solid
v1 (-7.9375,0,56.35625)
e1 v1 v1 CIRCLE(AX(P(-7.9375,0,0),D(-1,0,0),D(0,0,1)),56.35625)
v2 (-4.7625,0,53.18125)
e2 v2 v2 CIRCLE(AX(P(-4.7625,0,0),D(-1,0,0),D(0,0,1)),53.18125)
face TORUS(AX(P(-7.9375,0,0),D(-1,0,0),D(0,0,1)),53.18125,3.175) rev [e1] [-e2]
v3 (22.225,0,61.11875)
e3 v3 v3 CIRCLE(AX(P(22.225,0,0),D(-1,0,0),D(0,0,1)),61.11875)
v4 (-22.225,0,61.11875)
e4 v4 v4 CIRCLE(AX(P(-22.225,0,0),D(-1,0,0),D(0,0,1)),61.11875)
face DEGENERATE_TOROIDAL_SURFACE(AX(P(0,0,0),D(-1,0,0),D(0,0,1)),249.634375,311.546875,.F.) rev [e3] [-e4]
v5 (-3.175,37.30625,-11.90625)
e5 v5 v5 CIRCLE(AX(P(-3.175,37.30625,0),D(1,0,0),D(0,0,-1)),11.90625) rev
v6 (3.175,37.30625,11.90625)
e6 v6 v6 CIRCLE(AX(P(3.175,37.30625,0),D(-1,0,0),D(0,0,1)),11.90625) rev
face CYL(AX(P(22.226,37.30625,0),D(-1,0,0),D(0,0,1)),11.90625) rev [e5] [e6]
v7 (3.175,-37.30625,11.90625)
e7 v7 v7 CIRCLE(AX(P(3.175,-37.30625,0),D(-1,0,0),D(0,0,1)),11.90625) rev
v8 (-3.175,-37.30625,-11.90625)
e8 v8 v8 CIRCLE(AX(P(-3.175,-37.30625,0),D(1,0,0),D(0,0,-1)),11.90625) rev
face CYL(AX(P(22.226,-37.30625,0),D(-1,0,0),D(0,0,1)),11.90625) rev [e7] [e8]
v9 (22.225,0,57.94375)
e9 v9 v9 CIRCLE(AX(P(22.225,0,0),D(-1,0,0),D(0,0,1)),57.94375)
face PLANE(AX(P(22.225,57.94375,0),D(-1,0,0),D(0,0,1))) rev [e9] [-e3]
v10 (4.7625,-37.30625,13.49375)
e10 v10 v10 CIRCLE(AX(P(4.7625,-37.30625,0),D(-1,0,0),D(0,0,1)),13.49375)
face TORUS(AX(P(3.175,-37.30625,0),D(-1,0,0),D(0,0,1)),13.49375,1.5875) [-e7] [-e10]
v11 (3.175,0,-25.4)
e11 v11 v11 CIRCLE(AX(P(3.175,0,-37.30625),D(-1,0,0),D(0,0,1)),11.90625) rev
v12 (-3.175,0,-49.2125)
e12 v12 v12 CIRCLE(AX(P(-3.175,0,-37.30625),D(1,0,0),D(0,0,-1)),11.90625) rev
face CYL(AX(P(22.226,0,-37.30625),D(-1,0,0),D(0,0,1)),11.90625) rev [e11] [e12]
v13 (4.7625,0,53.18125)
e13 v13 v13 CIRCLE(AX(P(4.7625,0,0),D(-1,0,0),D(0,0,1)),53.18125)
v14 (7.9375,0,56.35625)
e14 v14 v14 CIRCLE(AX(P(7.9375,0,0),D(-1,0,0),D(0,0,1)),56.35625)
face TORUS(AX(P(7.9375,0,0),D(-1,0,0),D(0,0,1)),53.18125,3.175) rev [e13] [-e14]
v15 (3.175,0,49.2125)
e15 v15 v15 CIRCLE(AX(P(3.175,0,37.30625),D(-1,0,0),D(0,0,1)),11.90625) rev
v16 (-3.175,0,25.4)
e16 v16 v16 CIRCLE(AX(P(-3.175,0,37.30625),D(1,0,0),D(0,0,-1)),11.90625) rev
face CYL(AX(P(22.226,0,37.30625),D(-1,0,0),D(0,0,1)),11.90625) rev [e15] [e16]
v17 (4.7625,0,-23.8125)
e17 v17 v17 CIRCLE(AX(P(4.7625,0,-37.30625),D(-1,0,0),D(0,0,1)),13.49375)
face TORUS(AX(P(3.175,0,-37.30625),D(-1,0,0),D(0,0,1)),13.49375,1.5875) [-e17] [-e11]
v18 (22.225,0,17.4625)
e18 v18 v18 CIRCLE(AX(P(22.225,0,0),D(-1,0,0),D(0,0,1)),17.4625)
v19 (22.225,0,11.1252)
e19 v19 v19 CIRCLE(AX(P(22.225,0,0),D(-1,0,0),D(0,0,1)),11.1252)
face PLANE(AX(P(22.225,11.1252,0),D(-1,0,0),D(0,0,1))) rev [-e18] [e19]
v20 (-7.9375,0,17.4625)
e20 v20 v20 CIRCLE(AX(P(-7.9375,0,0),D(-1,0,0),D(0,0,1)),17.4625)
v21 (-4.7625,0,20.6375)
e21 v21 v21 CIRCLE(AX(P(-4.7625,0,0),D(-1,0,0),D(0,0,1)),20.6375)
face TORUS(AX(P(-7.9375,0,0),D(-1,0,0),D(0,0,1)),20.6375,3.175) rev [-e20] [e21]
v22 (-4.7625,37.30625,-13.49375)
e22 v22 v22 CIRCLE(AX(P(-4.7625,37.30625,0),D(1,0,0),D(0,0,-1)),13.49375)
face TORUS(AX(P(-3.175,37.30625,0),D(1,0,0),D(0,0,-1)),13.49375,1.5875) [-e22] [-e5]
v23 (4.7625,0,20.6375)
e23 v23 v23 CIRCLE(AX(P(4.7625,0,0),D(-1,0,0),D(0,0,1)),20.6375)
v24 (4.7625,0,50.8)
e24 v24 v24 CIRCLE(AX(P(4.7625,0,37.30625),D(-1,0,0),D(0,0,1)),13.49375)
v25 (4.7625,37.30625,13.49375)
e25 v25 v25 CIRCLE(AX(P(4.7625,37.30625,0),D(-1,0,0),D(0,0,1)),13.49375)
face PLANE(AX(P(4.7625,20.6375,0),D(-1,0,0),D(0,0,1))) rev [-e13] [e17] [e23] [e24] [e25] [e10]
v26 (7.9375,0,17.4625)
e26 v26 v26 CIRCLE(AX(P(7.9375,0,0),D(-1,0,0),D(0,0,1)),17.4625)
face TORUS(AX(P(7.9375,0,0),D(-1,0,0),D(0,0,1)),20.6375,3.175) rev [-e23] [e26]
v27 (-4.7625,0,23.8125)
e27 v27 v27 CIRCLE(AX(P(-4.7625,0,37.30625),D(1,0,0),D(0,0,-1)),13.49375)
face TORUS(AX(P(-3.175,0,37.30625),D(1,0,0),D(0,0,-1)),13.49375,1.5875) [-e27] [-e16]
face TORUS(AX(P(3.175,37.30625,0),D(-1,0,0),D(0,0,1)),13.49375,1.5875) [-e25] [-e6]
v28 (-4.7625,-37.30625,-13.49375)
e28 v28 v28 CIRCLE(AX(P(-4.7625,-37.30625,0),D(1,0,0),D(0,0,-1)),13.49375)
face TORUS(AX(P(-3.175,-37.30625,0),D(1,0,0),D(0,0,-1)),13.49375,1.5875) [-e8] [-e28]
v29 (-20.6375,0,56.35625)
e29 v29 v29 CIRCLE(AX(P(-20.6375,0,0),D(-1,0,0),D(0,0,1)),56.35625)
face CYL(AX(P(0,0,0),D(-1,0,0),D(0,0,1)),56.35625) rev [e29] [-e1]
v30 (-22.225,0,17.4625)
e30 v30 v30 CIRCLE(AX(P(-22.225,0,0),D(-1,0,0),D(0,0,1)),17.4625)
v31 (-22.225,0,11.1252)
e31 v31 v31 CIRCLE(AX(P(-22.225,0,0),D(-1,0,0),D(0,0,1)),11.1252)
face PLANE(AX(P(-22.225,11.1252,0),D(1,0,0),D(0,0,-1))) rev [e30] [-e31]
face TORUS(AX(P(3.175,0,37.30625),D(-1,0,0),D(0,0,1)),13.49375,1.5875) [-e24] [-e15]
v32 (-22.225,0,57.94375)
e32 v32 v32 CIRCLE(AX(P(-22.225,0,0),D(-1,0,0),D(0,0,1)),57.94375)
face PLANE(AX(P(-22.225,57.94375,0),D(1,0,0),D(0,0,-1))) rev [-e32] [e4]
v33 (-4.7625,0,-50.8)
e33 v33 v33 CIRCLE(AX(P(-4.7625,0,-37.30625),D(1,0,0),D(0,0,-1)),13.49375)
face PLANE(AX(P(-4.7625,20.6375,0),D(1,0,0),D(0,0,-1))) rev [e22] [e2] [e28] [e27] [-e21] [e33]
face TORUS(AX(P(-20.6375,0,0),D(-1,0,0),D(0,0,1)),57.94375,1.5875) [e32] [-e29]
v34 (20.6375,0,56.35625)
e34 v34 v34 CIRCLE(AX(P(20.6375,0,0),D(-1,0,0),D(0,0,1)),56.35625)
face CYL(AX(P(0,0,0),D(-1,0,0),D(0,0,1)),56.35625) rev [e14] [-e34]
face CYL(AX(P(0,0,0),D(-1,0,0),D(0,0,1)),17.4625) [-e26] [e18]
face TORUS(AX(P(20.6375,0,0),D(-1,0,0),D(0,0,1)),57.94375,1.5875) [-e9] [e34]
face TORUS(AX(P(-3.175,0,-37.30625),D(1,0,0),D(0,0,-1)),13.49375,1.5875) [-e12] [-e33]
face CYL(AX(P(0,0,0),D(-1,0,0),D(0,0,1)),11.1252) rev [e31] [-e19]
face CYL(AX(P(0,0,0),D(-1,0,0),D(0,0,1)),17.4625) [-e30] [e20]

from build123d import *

# Parameters (mm, degrees)
CUT_EXTRUDE2_REACH             = 24.225
SKETCH2_R                      = 11.90625
CUT_EXTRUDE2_DIRECTION_2_REACH = 24.225
FILLET1_R                      = 1.5875


with BuildPart() as part:
    # Sketch1 → Revolve1 (revolve)
    with BuildSketch(Plane.XY):
        with BuildLine():
            Line((22.225, 11.1252), (22.225, 17.4625))
            Line((22.225, 17.4625), (7.9375, 17.4625))
            ThreePointArc((7.9375, 17.4625), (5.69243597, 18.39243597), (4.7625, 20.6375))
            Line((4.7625, 20.6375), (4.7625, 53.18125))
            ThreePointArc((4.7625, 53.18125), (5.69243597, 55.42631403), (7.9375, 56.35625))
            Line((7.9375, 56.35625), (20.6375, 56.35625))
            ThreePointArc((20.6375, 56.35625), (21.760032015, 56.821217985), (22.225, 57.94375))
            Line((22.225, 57.94375), (22.225, 61.11875))
            ThreePointArc((22.225, 61.11875), (0, 61.9125), (-22.225, 61.11875))
            Line((-22.225, 61.11875), (-22.225, 57.94375))
            ThreePointArc((-22.225, 57.94375), (-21.760032015, 56.821217985), (-20.6375, 56.35625))
            Line((-20.6375, 56.35625), (-7.9375, 56.35625))
            ThreePointArc((-7.9375, 56.35625), (-5.69243597, 55.42631403), (-4.7625, 53.18125))
            Line((-4.7625, 53.18125), (-4.7625, 20.6375))
            ThreePointArc((-4.7625, 20.6375), (-5.69243597, 18.39243597), (-7.9375, 17.4625))
            Line((-7.9375, 17.4625), (-22.225, 17.4625))
            Line((-22.225, 17.4625), (-22.225, 11.1252))
            Line((-22.225, 11.1252), (22.225, 11.1252))
        make_face()
    revolve(axis=Axis((0, 0, 0), (1, 0, 0)))

    # Sketch2 → Cut-Extrude2 (cut, up to next)
    with BuildSketch(Plane(origin=(0, 0, 0), x_dir=(0, 0, -1), z_dir=(1, 0, 0)), mode=Mode.PRIVATE) as cut_extrude2_sk1:
        with Locations((0, 37.30625)):
            Circle(SKETCH2_R)
    cut_extrude2_tool1 = extrude(cut_extrude2_sk1.sketch, amount=-CUT_EXTRUDE2_REACH, mode=Mode.PRIVATE) & part.part
    add(cut_extrude2_tool1.solids().sort_by_distance((0, 37.30625, 0))[0], mode=Mode.SUBTRACT)
    # Sketch2 → Cut-Extrude2 (cut, up to next)
    with BuildSketch(Plane(origin=(0, 0, 0), x_dir=(0, 0, -1), z_dir=(1, 0, 0)), mode=Mode.PRIVATE) as cut_extrude2_sk2:
        with Locations((37.30625, 0)):
            Circle(SKETCH2_R)
    cut_extrude2_tool2 = extrude(cut_extrude2_sk2.sketch, amount=-CUT_EXTRUDE2_REACH, mode=Mode.PRIVATE) & part.part
    add(cut_extrude2_tool2.solids().sort_by_distance((0, 0, -37.30625))[0], mode=Mode.SUBTRACT)
    # Sketch2 → Cut-Extrude2 (cut, up to next)
    with BuildSketch(Plane(origin=(0, 0, 0), x_dir=(0, 0, -1), z_dir=(1, 0, 0)), mode=Mode.PRIVATE) as cut_extrude2_sk3:
        with Locations((0, -37.30625)):
            Circle(SKETCH2_R)
    cut_extrude2_tool3 = extrude(cut_extrude2_sk3.sketch, amount=-CUT_EXTRUDE2_REACH, mode=Mode.PRIVATE) & part.part
    add(cut_extrude2_tool3.solids().sort_by_distance((0, -37.30625, 0))[0], mode=Mode.SUBTRACT)
    # Sketch2 → Cut-Extrude2 (cut, up to next)
    with BuildSketch(Plane(origin=(0, 0, 0), x_dir=(0, 0, -1), z_dir=(1, 0, 0)), mode=Mode.PRIVATE) as cut_extrude2_sk4:
        with Locations((-37.30625, 0)):
            Circle(SKETCH2_R)
    cut_extrude2_tool4 = extrude(cut_extrude2_sk4.sketch, amount=-CUT_EXTRUDE2_REACH, mode=Mode.PRIVATE) & part.part
    add(cut_extrude2_tool4.solids().sort_by_distance((0, 0, 37.30625))[0], mode=Mode.SUBTRACT)

    # Sketch2 → Cut-Extrude2 direction 2 (cut, up to next)
    with BuildSketch(Plane(origin=(0, 0, 0), x_dir=(0, 0, -1), z_dir=(1, 0, 0)), mode=Mode.PRIVATE) as cut_extrude2_direction_2_sk1:
        with Locations((0, 37.30625)):
            Circle(SKETCH2_R)
    cut_extrude2_direction_2_tool1 = extrude(cut_extrude2_direction_2_sk1.sketch, amount=CUT_EXTRUDE2_DIRECTION_2_REACH, mode=Mode.PRIVATE) & part.part
    add(cut_extrude2_direction_2_tool1.solids().sort_by_distance((0, 37.30625, 0))[0], mode=Mode.SUBTRACT)
    # Sketch2 → Cut-Extrude2 direction 2 (cut, up to next)
    with BuildSketch(Plane(origin=(0, 0, 0), x_dir=(0, 0, -1), z_dir=(1, 0, 0)), mode=Mode.PRIVATE) as cut_extrude2_direction_2_sk2:
        with Locations((37.30625, 0)):
            Circle(SKETCH2_R)
    cut_extrude2_direction_2_tool2 = extrude(cut_extrude2_direction_2_sk2.sketch, amount=CUT_EXTRUDE2_DIRECTION_2_REACH, mode=Mode.PRIVATE) & part.part
    add(cut_extrude2_direction_2_tool2.solids().sort_by_distance((0, 0, -37.30625))[0], mode=Mode.SUBTRACT)
    # Sketch2 → Cut-Extrude2 direction 2 (cut, up to next)
    with BuildSketch(Plane(origin=(0, 0, 0), x_dir=(0, 0, -1), z_dir=(1, 0, 0)), mode=Mode.PRIVATE) as cut_extrude2_direction_2_sk3:
        with Locations((0, -37.30625)):
            Circle(SKETCH2_R)
    cut_extrude2_direction_2_tool3 = extrude(cut_extrude2_direction_2_sk3.sketch, amount=CUT_EXTRUDE2_DIRECTION_2_REACH, mode=Mode.PRIVATE) & part.part
    add(cut_extrude2_direction_2_tool3.solids().sort_by_distance((0, -37.30625, 0))[0], mode=Mode.SUBTRACT)
    # Sketch2 → Cut-Extrude2 direction 2 (cut, up to next)
    with BuildSketch(Plane(origin=(0, 0, 0), x_dir=(0, 0, -1), z_dir=(1, 0, 0)), mode=Mode.PRIVATE) as cut_extrude2_direction_2_sk4:
        with Locations((-37.30625, 0)):
            Circle(SKETCH2_R)
    cut_extrude2_direction_2_tool4 = extrude(cut_extrude2_direction_2_sk4.sketch, amount=CUT_EXTRUDE2_DIRECTION_2_REACH, mode=Mode.PRIVATE) & part.part
    add(cut_extrude2_direction_2_tool4.solids().sort_by_distance((0, 0, 37.30625))[0], mode=Mode.SUBTRACT)

    # Fillet1
    fillet1_edges = [part.edges().sort_by_distance(p)[0] for p in [
        (4.7625, -37.30625, 11.90625),
        (-4.7625, -37.30625, 11.90625),
        (4.7625, 0, -25.4),
        (-4.7625, 0, -25.4),
        (4.7625, 37.30625, 11.90625),
        (-4.7625, 37.30625, 11.90625),
        (4.7625, 0, 49.2125),
        (-4.7625, 0, 49.2125),
    ]]
    fillet(fillet1_edges, radius=FILLET1_R)


solid = part.part
